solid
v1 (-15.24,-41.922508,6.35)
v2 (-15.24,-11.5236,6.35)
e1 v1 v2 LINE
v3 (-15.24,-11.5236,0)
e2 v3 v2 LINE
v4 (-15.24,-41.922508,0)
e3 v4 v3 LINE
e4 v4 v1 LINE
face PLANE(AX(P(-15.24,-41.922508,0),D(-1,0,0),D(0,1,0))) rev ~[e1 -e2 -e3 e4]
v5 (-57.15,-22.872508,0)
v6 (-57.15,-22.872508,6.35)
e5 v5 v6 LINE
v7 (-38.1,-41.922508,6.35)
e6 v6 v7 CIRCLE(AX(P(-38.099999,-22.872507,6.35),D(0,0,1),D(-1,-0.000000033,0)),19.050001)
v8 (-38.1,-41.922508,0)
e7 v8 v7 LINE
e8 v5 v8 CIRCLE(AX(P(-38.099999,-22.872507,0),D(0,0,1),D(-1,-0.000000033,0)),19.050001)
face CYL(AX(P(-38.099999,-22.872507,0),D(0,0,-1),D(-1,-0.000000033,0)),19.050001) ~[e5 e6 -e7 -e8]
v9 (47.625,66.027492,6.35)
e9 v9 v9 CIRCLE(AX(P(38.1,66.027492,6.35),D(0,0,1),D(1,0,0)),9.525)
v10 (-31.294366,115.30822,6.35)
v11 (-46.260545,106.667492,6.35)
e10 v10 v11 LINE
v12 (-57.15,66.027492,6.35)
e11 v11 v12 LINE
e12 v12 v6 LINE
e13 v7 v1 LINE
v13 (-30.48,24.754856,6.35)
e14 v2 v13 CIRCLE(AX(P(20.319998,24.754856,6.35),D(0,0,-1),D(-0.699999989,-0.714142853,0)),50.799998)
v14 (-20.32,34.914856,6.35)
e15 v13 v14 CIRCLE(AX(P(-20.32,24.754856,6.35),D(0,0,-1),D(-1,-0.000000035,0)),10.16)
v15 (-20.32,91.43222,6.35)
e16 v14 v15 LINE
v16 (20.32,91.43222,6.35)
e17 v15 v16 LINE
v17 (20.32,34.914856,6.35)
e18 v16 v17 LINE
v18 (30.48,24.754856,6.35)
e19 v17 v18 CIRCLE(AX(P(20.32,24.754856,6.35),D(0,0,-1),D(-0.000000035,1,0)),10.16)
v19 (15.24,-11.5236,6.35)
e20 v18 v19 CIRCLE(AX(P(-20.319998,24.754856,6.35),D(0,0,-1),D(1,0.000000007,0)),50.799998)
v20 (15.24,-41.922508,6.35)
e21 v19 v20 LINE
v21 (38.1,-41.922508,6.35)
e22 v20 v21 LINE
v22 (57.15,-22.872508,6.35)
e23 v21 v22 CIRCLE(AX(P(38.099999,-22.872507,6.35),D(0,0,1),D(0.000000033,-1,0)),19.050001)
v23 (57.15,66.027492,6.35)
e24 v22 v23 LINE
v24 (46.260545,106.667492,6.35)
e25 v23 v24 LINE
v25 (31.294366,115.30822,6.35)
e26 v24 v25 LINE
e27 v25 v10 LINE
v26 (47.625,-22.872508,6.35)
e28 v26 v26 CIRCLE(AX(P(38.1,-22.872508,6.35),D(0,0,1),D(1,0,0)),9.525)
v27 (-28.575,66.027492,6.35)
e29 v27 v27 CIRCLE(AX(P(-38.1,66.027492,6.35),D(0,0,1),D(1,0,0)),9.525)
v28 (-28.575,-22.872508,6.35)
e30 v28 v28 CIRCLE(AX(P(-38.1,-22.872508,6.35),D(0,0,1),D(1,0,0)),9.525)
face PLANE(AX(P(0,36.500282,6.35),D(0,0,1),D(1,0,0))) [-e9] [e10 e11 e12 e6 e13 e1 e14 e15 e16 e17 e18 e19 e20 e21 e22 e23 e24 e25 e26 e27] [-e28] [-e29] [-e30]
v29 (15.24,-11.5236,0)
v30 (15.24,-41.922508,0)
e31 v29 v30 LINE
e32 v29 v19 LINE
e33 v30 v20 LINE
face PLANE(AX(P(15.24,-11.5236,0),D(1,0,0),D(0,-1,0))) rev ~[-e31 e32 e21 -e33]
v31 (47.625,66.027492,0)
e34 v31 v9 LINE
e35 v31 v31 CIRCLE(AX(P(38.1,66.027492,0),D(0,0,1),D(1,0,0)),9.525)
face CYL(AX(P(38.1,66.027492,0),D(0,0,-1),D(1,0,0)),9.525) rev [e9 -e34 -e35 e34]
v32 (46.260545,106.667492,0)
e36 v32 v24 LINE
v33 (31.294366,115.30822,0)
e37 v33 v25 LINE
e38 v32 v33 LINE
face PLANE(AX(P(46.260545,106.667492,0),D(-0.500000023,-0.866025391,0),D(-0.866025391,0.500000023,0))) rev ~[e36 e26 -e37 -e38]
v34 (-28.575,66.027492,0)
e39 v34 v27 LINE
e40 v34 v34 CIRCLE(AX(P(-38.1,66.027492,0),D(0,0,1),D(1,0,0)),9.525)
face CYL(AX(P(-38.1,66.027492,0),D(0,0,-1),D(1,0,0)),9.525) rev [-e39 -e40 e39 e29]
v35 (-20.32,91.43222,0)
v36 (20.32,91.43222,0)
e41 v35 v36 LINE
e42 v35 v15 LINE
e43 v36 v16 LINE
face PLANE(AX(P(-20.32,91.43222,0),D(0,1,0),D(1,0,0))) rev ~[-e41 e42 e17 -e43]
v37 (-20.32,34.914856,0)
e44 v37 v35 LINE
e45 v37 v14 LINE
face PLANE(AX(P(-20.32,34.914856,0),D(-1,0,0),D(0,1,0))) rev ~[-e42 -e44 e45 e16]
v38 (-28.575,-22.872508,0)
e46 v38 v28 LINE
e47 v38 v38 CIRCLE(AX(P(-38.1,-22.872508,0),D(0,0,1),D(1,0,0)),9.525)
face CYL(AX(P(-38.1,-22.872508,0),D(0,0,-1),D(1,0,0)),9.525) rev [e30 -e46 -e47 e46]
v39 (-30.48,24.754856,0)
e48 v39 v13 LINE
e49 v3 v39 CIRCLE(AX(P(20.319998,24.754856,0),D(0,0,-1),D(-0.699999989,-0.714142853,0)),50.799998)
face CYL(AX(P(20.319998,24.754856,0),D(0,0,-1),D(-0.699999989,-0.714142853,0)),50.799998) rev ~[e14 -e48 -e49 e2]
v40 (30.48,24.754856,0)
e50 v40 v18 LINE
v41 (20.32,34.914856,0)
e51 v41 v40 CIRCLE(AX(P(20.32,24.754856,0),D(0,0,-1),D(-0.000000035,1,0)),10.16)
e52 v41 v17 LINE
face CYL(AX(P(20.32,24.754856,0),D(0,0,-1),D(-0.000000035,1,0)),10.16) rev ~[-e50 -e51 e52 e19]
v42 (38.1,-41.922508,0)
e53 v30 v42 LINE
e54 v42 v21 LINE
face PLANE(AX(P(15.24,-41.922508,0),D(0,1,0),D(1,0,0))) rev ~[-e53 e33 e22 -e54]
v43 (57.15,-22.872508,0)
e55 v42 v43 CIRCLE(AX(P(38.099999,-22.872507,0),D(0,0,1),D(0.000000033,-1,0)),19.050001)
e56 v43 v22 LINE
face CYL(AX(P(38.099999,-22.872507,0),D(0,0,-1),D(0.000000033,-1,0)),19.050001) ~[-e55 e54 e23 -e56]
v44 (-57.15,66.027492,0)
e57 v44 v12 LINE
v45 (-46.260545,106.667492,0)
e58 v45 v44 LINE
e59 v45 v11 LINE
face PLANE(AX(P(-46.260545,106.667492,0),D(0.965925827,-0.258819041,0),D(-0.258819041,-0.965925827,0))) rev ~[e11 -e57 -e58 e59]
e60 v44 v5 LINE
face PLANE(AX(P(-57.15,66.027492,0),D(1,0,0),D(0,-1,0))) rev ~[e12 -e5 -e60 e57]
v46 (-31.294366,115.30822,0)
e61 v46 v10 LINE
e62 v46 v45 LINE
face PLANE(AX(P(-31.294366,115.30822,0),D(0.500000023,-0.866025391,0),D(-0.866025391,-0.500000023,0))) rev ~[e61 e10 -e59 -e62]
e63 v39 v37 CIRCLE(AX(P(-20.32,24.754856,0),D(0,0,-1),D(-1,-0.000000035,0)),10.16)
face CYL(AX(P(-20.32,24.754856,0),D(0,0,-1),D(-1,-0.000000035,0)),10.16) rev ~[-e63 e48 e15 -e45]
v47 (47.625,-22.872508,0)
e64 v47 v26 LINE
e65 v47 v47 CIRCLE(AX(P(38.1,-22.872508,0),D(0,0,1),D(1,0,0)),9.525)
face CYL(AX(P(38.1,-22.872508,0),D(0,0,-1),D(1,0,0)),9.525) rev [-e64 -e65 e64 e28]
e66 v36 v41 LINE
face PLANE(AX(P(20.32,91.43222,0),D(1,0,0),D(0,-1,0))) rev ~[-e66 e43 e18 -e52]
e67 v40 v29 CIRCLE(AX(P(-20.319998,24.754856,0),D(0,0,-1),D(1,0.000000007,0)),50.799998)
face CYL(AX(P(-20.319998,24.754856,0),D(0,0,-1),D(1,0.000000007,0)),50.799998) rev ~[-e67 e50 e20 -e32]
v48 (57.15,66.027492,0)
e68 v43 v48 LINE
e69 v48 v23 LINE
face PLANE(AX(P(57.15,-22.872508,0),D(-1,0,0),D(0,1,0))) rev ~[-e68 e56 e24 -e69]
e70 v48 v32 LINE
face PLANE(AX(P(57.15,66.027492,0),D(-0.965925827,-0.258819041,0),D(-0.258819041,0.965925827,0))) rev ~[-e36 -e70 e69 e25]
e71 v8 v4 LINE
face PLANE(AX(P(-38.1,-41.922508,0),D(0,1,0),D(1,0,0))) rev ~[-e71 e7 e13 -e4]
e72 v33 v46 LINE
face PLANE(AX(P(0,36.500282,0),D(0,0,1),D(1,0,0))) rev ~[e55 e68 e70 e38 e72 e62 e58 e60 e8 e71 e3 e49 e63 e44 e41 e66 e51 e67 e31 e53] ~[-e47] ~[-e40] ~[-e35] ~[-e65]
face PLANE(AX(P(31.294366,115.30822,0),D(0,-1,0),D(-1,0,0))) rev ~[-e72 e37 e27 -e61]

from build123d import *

# Parameters (mm, degrees)
F0_R     = 9.525
F1_DEPTH = 6.35


with BuildPart() as f1:
    # F0 (on Top) → F1 (new body)
    with BuildSketch(Plane.XY):
        with BuildLine():
            Line((-57.15, 66.027492), (-57.15, -22.872508))
            ThreePointArc((-57.15, -22.872508), (-51.570384, -36.342892), (-38.1, -41.922508))
            Line((-38.1, -41.922508), (-15.24, -41.922508))
            Line((-15.24, -41.922508), (-15.24, -11.5236))
            ThreePointArc((-15.24, -11.5236), (-26.515286, 5.080101), (-30.48, 24.754856))
            ThreePointArc((-30.48, 24.754856), (-27.504205, 31.939061), (-20.32, 34.914856))
            Line((-20.32, 34.914856), (-20.32, 91.43222))
            Line((-20.32, 91.43222), (0, 91.43222))
            Line((0, 91.43222), (20.32, 91.43222))
            Line((20.32, 91.43222), (20.32, 34.914856))
            ThreePointArc((20.32, 34.914856), (27.504205, 31.939061), (30.48, 24.754856))
            ThreePointArc((30.48, 24.754856), (26.515286, 5.080101), (15.24, -11.5236))
            Line((15.24, -11.5236), (15.24, -41.922508))
            Line((15.24, -41.922508), (38.1, -41.922508))
            ThreePointArc((38.1, -41.922508), (51.570384, -36.342892), (57.15, -22.872508))
            Line((57.15, -22.872508), (57.15, 66.027492))
            Line((57.15, 66.027492), (46.260545, 106.667492))
            Line((46.260545, 106.667492), (31.294366, 115.30822))
            Line((31.294366, 115.30822), (15.24, 115.30822))
            Line((15.24, 115.30822), (0, 115.30822))
            Line((0, 115.30822), (-15.24, 115.30822))
            Line((-15.24, 115.30822), (-31.294366, 115.30822))
            Line((-31.294366, 115.30822), (-46.260545, 106.667492))
            Line((-46.260545, 106.667492), (-57.15, 66.027492))
        make_face()
        with Locations((-38.1, -22.872508)):
            Circle(F0_R, mode=Mode.SUBTRACT)
        with Locations((38.1, -22.872508)):
            Circle(F0_R, mode=Mode.SUBTRACT)
        with Locations((-38.1, 66.027492)):
            Circle(F0_R, mode=Mode.SUBTRACT)
        with Locations((38.1, 66.027492)):
            Circle(F0_R, mode=Mode.SUBTRACT)
    extrude(amount=F1_DEPTH)


solid = f1.part
